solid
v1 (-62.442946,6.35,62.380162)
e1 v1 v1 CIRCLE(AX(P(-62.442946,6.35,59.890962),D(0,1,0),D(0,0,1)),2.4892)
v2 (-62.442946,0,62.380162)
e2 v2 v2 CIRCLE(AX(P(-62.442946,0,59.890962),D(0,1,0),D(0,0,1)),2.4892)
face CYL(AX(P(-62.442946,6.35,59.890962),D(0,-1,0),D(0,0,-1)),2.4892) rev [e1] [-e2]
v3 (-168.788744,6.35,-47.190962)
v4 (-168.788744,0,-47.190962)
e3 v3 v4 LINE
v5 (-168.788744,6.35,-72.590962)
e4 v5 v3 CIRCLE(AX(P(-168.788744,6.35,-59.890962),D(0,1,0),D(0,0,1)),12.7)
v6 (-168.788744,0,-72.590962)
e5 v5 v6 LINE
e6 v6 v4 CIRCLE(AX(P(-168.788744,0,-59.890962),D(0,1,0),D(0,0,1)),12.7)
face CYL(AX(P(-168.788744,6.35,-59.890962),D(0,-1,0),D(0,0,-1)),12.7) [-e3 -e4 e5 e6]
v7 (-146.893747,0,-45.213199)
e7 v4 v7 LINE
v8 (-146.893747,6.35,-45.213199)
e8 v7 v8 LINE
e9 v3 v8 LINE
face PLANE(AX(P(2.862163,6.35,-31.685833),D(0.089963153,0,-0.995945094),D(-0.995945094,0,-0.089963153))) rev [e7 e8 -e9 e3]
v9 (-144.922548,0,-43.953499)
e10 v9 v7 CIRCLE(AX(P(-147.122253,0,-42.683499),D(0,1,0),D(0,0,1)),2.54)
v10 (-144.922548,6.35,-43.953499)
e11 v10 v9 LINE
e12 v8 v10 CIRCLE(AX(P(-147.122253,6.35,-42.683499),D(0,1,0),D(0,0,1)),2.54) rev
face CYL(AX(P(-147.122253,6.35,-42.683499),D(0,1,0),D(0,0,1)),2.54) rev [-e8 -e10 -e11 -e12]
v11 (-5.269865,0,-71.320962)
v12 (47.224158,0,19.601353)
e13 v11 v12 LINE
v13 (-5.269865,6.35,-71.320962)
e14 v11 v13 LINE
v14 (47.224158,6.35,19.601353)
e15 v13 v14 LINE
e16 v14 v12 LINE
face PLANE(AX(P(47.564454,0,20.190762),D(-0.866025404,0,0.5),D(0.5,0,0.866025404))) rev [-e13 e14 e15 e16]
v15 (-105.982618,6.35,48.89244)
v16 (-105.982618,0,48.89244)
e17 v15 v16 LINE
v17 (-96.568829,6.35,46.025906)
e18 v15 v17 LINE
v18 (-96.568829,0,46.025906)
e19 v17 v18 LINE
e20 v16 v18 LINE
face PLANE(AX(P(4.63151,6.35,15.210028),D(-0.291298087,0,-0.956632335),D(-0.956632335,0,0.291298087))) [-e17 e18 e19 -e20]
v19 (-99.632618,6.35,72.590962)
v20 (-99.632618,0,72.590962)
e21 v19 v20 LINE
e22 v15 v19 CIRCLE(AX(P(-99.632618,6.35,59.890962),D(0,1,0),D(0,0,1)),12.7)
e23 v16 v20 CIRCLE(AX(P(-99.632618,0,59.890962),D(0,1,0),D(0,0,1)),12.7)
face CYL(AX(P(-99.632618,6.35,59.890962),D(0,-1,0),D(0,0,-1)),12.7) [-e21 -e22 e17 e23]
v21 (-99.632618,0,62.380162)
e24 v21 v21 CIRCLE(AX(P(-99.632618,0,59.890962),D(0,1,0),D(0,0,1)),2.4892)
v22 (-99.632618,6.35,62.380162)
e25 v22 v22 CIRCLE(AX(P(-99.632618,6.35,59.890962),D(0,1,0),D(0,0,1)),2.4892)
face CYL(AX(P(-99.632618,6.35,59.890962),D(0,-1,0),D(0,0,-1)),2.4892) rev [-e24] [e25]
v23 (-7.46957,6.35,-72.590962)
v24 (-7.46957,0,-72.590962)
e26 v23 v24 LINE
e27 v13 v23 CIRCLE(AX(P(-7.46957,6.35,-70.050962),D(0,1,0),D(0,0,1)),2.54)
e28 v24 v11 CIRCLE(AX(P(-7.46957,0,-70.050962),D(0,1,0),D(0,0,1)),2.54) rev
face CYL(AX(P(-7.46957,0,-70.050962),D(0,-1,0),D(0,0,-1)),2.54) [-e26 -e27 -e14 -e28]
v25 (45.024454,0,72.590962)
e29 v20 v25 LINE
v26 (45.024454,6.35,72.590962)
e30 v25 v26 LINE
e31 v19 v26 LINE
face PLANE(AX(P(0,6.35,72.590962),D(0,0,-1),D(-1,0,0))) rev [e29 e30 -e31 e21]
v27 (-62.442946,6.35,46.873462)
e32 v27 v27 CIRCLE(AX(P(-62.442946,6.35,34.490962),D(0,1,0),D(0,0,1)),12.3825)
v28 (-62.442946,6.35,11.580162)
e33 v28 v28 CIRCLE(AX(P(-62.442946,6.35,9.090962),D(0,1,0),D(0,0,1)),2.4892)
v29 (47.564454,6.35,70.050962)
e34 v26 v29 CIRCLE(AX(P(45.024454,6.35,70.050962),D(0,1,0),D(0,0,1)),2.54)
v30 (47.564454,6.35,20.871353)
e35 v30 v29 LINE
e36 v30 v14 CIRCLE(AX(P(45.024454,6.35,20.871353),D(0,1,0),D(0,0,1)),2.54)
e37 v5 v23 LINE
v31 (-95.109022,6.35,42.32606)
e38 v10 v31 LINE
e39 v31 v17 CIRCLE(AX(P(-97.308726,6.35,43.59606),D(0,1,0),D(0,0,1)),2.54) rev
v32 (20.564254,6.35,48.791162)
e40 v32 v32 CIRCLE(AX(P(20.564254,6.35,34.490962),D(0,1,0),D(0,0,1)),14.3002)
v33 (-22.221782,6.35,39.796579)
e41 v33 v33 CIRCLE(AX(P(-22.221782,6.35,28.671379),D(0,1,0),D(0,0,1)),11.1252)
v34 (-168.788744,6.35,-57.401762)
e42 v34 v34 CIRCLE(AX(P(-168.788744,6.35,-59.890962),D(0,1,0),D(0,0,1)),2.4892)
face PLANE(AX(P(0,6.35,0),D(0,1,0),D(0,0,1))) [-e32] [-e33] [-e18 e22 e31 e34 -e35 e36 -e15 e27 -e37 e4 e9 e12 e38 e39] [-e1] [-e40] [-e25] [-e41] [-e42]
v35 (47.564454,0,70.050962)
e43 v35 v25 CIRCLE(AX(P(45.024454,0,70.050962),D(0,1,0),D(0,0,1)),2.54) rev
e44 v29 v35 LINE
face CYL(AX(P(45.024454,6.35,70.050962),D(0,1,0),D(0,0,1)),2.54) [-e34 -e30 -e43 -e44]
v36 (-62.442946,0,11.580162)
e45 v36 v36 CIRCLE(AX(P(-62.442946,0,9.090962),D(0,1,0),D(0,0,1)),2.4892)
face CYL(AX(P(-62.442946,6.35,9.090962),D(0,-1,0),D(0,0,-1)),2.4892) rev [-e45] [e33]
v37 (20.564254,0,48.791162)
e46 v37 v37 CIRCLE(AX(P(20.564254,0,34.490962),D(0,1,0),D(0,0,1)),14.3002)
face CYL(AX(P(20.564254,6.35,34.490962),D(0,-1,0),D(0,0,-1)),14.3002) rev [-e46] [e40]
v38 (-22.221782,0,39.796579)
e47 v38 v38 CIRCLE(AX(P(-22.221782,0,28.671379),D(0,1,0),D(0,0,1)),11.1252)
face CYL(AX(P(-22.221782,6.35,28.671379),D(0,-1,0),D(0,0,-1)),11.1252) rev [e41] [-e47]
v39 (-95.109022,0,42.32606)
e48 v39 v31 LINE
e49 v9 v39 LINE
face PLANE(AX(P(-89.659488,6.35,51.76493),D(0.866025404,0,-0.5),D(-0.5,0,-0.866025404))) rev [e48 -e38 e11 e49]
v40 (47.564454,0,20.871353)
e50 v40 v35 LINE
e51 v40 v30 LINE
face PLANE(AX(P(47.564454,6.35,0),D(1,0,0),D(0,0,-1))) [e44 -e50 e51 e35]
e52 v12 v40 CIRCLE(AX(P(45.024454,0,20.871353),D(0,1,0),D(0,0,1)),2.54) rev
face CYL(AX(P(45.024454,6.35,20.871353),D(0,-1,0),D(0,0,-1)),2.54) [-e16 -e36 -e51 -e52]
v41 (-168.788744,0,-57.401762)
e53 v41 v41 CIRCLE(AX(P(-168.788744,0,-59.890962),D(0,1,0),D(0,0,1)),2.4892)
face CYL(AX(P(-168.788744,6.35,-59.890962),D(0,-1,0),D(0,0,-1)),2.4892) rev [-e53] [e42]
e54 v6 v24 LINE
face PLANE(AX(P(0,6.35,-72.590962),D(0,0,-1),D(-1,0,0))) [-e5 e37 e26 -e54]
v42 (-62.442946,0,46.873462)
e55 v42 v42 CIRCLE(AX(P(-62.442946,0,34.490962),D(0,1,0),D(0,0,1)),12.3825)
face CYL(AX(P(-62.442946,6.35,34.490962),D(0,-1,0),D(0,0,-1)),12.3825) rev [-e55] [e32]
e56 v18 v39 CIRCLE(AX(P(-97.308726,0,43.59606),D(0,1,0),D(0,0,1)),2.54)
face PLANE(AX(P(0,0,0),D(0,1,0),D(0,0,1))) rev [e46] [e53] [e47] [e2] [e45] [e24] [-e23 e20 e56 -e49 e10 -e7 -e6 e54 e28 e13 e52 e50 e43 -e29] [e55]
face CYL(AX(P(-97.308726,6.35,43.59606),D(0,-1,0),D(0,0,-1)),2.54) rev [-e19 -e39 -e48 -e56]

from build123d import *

# Parameters (mm, degrees)
SKETCH1_R           = 2.4892
SKETCH1_R_2         = 14.3002
SKETCH1_R_3         = 11.1252
SKETCH1_R_4         = 12.3825
BOSS_EXTRUDE1_DEPTH = 6.35
CUT_EXTRUDE3_DEPTH  = 196.570791382
FILLET2_R           = 2.54


with BuildPart() as part:
    # Sketch1 → Boss-Extrude1 (new body)
    with BuildSketch(Plane(origin=(0, 0, 0), x_dir=(1, 0, 0), z_dir=(0, 1, 0))):
        with BuildLine():
            ThreePointArc((-168.788743889, 72.590962133), (-181.488743889, 59.890962122), (-168.788743866, 47.190962133))
            Line((-168.788743866, 47.190962133), (-145.58139547, 45.094655563))
            Line((-145.58139547, 45.094655563), (-93.510572414, -45.094655563))
            Line((-93.510572414, -45.094655563), (-105.98261767, -48.892439505))
            ThreePointArc((-105.98261767, -48.892439505), (-111.899875664, -63.177964006), (-99.63261767, -72.590962133))
            Line((-99.63261767, -72.590962133), (47.56445351, -72.590962133))
            Line((47.56445351, -72.590962133), (47.56445351, 72.590962133))
            Line((47.56445351, 72.590962133), (-168.788743889, 72.590962133))
        make_face()
        with Locations(Location((-168.788743889, 59.890962133, 0), (0, 0, 270))):
            Circle(SKETCH1_R, mode=Mode.SUBTRACT)
        with Locations(Location((20.56425351, -34.490962133, 0), (0, 0, 270))):
            Circle(SKETCH1_R_2, mode=Mode.SUBTRACT)
        with Locations(Location((-22.22178223, -28.671379192, 0), (0, 0, 270))):
            Circle(SKETCH1_R_3, mode=Mode.SUBTRACT)
        with Locations(Location((-62.44294649, -9.090962133, 0), (0, 0, 270))):
            Circle(SKETCH1_R, mode=Mode.SUBTRACT)
        with Locations(Location((-62.44294649, -34.490962133, 0), (0, 0, 270))):
            Circle(SKETCH1_R_4, mode=Mode.SUBTRACT)
        with Locations(Location((-62.44294649, -59.890962133, 0), (0, 0, 270))):
            Circle(SKETCH1_R, mode=Mode.SUBTRACT)
        with Locations(Location((-99.63261767, -59.890962133, 0), (0, 0, 270))):
            Circle(SKETCH1_R, mode=Mode.SUBTRACT)
    extrude(amount=BOSS_EXTRUDE1_DEPTH)

    # Sketch3 → Cut-Extrude3 (cut, through all)
    with BuildSketch(Plane(origin=(0, 6.35, 0), x_dir=(1, 0, 0), z_dir=(0, 1, 0))):
        Polygon((47.56445351, -20.190762133), (-6.003099971, 72.590962133), (47.56445351, 72.590962133), align=None)
    extrude(amount=-CUT_EXTRUDE3_DEPTH, mode=Mode.SUBTRACT)

    # Fillet2
    fillet2_edges = [part.edges().sort_by_distance(p)[0] for p in [
        (-93.510572414, 3.175, 45.094655563),
        (-145.58139547, 3.175, -45.094655563),
        (47.56445351, 3.175, 72.590962133),
        (47.56445351, 3.175, 20.190762133),
        (-6.003099971, 3.175, -72.590962133),
    ]]
    fillet(fillet2_edges, radius=FILLET2_R)


solid = part.part
